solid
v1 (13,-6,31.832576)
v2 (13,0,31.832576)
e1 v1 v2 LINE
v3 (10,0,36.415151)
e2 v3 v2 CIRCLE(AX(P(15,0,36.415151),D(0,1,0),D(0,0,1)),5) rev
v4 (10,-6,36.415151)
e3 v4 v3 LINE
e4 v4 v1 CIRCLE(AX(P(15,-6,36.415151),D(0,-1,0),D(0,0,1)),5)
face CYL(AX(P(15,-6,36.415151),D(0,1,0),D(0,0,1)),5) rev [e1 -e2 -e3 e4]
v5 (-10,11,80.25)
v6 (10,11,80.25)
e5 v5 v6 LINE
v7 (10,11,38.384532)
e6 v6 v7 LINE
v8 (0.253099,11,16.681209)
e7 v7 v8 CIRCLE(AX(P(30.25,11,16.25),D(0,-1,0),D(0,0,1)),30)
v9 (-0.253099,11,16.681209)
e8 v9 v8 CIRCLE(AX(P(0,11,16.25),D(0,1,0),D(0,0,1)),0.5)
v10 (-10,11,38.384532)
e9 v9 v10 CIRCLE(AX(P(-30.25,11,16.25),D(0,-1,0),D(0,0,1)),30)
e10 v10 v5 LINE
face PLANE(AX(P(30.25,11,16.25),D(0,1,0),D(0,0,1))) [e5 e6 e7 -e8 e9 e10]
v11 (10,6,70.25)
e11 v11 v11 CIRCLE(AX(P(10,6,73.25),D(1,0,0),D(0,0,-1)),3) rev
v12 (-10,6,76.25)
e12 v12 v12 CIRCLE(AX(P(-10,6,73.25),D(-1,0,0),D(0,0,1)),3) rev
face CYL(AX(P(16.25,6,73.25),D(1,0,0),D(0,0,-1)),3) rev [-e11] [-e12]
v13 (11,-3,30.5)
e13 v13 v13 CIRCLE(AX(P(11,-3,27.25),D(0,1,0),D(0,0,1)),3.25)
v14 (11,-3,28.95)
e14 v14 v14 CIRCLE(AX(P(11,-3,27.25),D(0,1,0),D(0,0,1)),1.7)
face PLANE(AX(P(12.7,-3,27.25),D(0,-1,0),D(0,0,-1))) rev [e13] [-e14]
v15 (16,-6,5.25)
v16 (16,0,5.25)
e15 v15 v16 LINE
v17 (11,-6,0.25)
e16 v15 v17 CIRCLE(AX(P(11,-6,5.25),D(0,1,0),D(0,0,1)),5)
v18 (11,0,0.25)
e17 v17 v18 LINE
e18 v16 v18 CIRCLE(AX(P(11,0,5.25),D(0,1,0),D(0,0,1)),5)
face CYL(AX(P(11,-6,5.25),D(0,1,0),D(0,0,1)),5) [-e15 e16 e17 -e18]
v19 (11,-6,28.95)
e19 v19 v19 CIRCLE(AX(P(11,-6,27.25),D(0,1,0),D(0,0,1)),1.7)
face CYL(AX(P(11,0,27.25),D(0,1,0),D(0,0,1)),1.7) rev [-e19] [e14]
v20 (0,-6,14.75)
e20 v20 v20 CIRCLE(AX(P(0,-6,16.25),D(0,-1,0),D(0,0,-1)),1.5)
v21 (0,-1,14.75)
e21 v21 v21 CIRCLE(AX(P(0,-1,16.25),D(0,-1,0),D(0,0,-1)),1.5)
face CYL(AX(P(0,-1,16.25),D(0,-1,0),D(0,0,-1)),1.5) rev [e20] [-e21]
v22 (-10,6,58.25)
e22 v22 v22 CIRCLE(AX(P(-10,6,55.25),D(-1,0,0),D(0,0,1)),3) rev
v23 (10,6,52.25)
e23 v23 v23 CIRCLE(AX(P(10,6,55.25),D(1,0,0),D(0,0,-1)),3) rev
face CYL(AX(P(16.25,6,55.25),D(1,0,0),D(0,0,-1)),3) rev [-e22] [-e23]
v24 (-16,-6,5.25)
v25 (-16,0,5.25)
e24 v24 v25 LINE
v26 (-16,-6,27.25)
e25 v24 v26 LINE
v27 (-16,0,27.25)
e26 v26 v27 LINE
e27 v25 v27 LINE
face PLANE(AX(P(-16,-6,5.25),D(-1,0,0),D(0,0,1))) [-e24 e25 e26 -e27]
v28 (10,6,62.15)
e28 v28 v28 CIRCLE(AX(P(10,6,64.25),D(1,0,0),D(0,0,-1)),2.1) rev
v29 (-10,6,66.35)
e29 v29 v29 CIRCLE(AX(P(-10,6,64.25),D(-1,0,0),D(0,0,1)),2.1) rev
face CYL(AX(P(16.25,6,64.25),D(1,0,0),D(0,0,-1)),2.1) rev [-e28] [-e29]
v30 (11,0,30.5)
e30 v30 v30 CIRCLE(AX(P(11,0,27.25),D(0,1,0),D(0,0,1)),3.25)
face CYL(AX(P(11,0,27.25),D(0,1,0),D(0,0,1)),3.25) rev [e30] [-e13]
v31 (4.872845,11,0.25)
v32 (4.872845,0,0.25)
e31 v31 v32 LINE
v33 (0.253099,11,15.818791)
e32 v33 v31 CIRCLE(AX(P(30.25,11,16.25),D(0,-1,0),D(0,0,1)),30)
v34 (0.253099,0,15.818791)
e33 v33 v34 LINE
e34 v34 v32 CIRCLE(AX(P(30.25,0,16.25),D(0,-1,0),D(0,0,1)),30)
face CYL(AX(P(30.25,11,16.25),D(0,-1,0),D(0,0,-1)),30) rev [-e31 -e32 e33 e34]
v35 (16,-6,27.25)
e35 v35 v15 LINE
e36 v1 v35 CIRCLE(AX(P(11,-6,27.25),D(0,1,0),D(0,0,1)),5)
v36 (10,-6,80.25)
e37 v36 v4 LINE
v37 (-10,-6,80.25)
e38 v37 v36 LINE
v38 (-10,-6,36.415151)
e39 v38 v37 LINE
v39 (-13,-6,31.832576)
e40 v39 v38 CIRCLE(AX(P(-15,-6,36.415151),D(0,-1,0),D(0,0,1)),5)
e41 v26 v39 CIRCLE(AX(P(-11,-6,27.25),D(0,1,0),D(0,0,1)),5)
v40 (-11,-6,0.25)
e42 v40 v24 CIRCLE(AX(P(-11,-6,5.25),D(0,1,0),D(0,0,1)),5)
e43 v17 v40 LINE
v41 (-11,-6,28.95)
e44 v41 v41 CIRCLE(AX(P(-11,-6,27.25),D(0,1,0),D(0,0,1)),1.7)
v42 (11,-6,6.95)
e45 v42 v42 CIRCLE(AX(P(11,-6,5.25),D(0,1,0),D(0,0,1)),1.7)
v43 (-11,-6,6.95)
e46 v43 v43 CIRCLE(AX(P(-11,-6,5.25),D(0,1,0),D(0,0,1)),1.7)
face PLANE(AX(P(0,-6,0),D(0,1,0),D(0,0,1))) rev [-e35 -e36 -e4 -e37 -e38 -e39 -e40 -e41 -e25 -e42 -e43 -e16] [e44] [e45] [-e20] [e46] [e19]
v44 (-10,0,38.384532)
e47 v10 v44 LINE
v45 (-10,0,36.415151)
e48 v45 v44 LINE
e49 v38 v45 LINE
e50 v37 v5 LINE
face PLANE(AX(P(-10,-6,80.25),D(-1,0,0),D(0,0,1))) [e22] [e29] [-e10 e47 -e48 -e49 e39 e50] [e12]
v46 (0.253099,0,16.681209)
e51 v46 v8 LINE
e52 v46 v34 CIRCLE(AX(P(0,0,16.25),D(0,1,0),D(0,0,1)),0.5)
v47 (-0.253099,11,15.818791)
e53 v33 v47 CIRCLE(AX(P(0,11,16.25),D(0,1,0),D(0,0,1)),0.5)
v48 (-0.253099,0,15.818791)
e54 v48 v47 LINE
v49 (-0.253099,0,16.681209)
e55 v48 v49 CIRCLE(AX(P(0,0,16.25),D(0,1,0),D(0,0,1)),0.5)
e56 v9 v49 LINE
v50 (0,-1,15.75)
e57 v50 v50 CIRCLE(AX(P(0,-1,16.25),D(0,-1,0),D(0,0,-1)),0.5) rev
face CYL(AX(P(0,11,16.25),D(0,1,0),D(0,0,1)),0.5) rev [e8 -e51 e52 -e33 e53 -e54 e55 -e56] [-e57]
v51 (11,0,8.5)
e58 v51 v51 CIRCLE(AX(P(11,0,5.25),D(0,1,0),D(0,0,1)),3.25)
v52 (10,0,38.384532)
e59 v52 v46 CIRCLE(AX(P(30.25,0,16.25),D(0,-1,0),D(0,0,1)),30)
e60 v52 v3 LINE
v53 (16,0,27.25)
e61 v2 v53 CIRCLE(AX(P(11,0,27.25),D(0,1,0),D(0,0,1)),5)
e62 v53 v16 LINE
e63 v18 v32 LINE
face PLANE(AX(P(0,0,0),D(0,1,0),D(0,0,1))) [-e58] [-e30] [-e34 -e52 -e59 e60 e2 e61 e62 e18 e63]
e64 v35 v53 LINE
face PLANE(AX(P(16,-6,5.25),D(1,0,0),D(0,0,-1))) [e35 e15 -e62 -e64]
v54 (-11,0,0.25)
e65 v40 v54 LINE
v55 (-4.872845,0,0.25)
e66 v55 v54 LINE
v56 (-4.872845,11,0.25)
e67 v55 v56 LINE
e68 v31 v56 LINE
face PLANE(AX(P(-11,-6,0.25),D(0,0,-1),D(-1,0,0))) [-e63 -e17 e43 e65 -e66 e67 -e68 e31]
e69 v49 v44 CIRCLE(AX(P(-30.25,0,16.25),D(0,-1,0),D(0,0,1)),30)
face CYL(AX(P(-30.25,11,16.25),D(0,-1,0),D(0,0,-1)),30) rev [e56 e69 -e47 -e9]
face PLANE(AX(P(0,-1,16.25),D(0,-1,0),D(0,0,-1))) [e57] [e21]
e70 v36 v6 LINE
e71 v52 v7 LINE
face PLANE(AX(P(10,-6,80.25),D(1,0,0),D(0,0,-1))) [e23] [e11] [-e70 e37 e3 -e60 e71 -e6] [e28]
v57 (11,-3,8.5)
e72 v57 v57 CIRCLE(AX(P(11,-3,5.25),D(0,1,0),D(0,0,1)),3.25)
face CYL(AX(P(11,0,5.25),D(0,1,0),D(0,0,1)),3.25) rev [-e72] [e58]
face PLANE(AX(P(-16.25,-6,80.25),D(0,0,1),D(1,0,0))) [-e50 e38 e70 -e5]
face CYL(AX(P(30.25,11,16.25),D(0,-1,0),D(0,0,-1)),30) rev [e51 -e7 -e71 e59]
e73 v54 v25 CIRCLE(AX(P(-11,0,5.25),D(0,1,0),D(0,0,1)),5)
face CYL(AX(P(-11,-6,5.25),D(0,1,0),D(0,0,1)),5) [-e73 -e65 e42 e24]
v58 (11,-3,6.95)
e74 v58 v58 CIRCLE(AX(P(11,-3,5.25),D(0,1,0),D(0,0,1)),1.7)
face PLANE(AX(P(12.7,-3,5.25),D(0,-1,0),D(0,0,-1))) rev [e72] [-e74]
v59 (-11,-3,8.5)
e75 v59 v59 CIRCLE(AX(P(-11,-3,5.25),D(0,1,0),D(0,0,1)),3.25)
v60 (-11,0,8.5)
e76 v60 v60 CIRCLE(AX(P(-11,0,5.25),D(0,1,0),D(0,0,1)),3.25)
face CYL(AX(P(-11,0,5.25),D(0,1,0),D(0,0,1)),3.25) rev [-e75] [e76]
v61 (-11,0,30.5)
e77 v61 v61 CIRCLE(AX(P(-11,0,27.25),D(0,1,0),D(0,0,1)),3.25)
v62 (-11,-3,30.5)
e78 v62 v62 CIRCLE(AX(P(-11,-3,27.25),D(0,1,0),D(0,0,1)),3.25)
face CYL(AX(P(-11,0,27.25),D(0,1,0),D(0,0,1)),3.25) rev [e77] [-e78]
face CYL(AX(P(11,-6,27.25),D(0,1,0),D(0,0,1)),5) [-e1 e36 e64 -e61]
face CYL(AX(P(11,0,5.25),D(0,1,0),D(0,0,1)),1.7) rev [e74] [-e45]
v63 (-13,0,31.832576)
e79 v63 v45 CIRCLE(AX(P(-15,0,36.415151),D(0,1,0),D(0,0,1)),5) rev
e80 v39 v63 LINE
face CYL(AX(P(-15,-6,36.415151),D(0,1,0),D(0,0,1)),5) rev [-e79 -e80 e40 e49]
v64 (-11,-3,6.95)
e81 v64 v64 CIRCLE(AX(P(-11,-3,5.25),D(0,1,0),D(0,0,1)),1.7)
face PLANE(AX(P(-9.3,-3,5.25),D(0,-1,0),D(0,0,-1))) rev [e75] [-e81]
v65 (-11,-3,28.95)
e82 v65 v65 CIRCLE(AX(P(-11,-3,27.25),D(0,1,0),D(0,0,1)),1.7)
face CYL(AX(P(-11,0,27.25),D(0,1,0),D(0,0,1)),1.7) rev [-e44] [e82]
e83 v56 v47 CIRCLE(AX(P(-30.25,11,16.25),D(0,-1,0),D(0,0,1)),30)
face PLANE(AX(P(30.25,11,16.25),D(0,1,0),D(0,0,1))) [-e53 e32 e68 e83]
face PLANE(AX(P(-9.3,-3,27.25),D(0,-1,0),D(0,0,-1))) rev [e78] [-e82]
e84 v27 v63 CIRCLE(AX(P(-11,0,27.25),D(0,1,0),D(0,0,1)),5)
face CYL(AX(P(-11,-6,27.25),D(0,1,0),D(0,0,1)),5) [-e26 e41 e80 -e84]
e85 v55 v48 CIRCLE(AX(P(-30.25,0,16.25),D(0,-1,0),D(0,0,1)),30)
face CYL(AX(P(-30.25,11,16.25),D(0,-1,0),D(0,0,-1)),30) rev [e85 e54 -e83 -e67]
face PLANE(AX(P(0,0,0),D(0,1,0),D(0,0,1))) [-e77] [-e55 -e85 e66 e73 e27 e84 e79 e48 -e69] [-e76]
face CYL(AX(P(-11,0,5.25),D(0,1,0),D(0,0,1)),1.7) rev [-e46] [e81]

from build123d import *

# Parameters (mm, degrees)
SKETCH1_W                      = 32.5
SKETCH1_H                      = 80.25
BOSS_EXTRUDE1_DEPTH            = 6
BOSS_EXTRUDE2_DEPTH            = 11
F_6_0MM_DOWEL_HOLE1_D          = 6
M5X0_8_TAPPED_HOLE1_D          = 4.2
CBORE_FOR_M3_SHCS1_D           = 3.4
CBORE_FOR_M3_SHCS1_CBORE_D     = 6.5
CBORE_FOR_M3_SHCS1_CBORE_DEPTH = 3
F_1_0_1_DIAMETER_HOLE1_D       = 1
SKETCH12_R                     = 1.5
CUT_EXTRUDE1_DEPTH             = 5
SKETCH13_W                     = 6
SKETCH13_H                     = 35
CUT_EXTRUDE2_DEPTH             = 84.624906577
FILLET1_R                      = 2.38125
SKETCH14_W                     = 34.5
SKETCH14_H                     = 82.25
CUT_EXTRUDE3_DEPTH             = 84.624906577


with BuildPart() as part:
    # Sketch1 → Boss-Extrude1 (new body)
    with BuildSketch(Plane(origin=(0, 0, 0), x_dir=(1, 0, 0), z_dir=(0, 1, 0))):
        with Locations((0, -40.125)):
            Rectangle(SKETCH1_W, SKETCH1_H)
    extrude(amount=-BOSS_EXTRUDE1_DEPTH)

    # Sketch2 → Boss-Extrude2 (add)
    with BuildSketch(Plane(origin=(0, 0, 0), x_dir=(1, 0, 0), z_dir=(0, 1, 0))):
        with BuildLine():
            Line((-5.032198748, 0), (5.032198748, 0))
            ThreePointArc((5.032198748, 0), (1.230950737, -23.858861929), (16.25, -42.782998323))
            Line((16.25, -42.782998323), (16.25, -80.25))
            Line((16.25, -80.25), (-16.25, -80.25))
            Line((-16.25, -80.25), (-16.25, -42.782998323))
            ThreePointArc((-16.25, -42.782998323), (-1.230950737, -23.858861929), (-5.032198748, 0))
        make_face()
    extrude(amount=BOSS_EXTRUDE2_DEPTH)

    # Ø6.0mm Dowel Hole1 (through all)
    with Locations(Plane(origin=(16.25, 0, 0), x_dir=(0, 0, -1), z_dir=(1, 0, 0))):
        with Locations((-73.25, 6), (-55.25, 6)):
            Hole(F_6_0MM_DOWEL_HOLE1_D / 2)

    # M5x0.8 Tapped Hole1 (through all)
    with Locations(Plane(origin=(16.25, 0, 0), x_dir=(0, 0, -1), z_dir=(1, 0, 0))):
        with Locations((-64.25, 6)):
            Hole(M5X0_8_TAPPED_HOLE1_D / 2)

    # CBORE for M3 SHCS1 (through all)
    with Locations(Plane(origin=(0, 0, 0), x_dir=(1, 0, 0), z_dir=(0, 1, 0))):
        with Locations((-11, -5.25), (11, -5.25), (11, -27.25), (-11, -27.25)):
            CounterBoreHole(CBORE_FOR_M3_SHCS1_D / 2, CBORE_FOR_M3_SHCS1_CBORE_D / 2, CBORE_FOR_M3_SHCS1_CBORE_DEPTH)

    # Ø1.0 (1) Diameter Hole1 (through all)
    with Locations(Plane(origin=(0, 11, 0), x_dir=(1, 0, 0), z_dir=(0, 1, 0))):
        with Locations((0, -16.25)):
            Hole(F_1_0_1_DIAMETER_HOLE1_D / 2)

    # Sketch12 → Cut-Extrude1 (cut)
    with BuildSketch(Plane.XZ.offset(6)):
        with Locations(Location((0, 16.25, 0), (0, 0, 270))):
            Circle(SKETCH12_R)
    extrude(amount=-CUT_EXTRUDE1_DEPTH, mode=Mode.SUBTRACT)

    # Sketch13 → Cut-Extrude2 (cut, through all)
    with BuildSketch(Plane(origin=(0, 11, 0), x_dir=(1, 0, 0), z_dir=(0, 1, 0))):
        with Locations((-13.25, -62.75)):
            Rectangle(SKETCH13_W, SKETCH13_H)
        with Locations((13.25, -62.75)):
            Rectangle(SKETCH13_W, SKETCH13_H)
    extrude(amount=-CUT_EXTRUDE2_DEPTH, mode=Mode.SUBTRACT)

    # Fillet1
    fillet1_edges = [part.edges().sort_by_distance(p)[0] for p in [
        (-10.25, 2.5, 45.25),
        (10.25, 2.5, 45.25),
    ]]
    fillet(fillet1_edges, radius=FILLET1_R)

    # Sketch14 → Cut-Extrude3 (cut, through all)
    with BuildSketch(Plane(origin=(0, 11, 0), x_dir=(1, 0, 0), z_dir=(0, 1, 0))):
        with Locations((0, -40.125)):
            Rectangle(SKETCH14_W, SKETCH14_H)
        with BuildLine():
            Line((-10, -80.25), (-10, -36.41515139))
            ThreePointArc((-10, -36.41515139), (-10.816699867, -33.676538602), (-13, -31.832575695))
            ThreePointArc((-13, -31.832575695), (-15.183300133, -29.988612788), (-16, -27.25))
            Line((-16, -27.25), (-16, -5.25))
            ThreePointArc((-16, -5.25), (-14.535533906, -1.714466094), (-11, -0.25))
            Line((-11, -0.25), (11, -0.25))
            ThreePointArc((11, -0.25), (14.535533906, -1.714466094), (16, -5.25))
            Line((16, -5.25), (16, -27.25))
            ThreePointArc((16, -27.25), (15.183300133, -29.988612788), (13, -31.832575695))
            ThreePointArc((13, -31.832575695), (10.816699867, -33.676538602), (10, -36.41515139))
            Line((10, -36.41515139), (10, -80.25))
            Line((10, -80.25), (-10, -80.25))
        make_face(mode=Mode.SUBTRACT)
    extrude(amount=-CUT_EXTRUDE3_DEPTH, mode=Mode.SUBTRACT)


solid = part.part
